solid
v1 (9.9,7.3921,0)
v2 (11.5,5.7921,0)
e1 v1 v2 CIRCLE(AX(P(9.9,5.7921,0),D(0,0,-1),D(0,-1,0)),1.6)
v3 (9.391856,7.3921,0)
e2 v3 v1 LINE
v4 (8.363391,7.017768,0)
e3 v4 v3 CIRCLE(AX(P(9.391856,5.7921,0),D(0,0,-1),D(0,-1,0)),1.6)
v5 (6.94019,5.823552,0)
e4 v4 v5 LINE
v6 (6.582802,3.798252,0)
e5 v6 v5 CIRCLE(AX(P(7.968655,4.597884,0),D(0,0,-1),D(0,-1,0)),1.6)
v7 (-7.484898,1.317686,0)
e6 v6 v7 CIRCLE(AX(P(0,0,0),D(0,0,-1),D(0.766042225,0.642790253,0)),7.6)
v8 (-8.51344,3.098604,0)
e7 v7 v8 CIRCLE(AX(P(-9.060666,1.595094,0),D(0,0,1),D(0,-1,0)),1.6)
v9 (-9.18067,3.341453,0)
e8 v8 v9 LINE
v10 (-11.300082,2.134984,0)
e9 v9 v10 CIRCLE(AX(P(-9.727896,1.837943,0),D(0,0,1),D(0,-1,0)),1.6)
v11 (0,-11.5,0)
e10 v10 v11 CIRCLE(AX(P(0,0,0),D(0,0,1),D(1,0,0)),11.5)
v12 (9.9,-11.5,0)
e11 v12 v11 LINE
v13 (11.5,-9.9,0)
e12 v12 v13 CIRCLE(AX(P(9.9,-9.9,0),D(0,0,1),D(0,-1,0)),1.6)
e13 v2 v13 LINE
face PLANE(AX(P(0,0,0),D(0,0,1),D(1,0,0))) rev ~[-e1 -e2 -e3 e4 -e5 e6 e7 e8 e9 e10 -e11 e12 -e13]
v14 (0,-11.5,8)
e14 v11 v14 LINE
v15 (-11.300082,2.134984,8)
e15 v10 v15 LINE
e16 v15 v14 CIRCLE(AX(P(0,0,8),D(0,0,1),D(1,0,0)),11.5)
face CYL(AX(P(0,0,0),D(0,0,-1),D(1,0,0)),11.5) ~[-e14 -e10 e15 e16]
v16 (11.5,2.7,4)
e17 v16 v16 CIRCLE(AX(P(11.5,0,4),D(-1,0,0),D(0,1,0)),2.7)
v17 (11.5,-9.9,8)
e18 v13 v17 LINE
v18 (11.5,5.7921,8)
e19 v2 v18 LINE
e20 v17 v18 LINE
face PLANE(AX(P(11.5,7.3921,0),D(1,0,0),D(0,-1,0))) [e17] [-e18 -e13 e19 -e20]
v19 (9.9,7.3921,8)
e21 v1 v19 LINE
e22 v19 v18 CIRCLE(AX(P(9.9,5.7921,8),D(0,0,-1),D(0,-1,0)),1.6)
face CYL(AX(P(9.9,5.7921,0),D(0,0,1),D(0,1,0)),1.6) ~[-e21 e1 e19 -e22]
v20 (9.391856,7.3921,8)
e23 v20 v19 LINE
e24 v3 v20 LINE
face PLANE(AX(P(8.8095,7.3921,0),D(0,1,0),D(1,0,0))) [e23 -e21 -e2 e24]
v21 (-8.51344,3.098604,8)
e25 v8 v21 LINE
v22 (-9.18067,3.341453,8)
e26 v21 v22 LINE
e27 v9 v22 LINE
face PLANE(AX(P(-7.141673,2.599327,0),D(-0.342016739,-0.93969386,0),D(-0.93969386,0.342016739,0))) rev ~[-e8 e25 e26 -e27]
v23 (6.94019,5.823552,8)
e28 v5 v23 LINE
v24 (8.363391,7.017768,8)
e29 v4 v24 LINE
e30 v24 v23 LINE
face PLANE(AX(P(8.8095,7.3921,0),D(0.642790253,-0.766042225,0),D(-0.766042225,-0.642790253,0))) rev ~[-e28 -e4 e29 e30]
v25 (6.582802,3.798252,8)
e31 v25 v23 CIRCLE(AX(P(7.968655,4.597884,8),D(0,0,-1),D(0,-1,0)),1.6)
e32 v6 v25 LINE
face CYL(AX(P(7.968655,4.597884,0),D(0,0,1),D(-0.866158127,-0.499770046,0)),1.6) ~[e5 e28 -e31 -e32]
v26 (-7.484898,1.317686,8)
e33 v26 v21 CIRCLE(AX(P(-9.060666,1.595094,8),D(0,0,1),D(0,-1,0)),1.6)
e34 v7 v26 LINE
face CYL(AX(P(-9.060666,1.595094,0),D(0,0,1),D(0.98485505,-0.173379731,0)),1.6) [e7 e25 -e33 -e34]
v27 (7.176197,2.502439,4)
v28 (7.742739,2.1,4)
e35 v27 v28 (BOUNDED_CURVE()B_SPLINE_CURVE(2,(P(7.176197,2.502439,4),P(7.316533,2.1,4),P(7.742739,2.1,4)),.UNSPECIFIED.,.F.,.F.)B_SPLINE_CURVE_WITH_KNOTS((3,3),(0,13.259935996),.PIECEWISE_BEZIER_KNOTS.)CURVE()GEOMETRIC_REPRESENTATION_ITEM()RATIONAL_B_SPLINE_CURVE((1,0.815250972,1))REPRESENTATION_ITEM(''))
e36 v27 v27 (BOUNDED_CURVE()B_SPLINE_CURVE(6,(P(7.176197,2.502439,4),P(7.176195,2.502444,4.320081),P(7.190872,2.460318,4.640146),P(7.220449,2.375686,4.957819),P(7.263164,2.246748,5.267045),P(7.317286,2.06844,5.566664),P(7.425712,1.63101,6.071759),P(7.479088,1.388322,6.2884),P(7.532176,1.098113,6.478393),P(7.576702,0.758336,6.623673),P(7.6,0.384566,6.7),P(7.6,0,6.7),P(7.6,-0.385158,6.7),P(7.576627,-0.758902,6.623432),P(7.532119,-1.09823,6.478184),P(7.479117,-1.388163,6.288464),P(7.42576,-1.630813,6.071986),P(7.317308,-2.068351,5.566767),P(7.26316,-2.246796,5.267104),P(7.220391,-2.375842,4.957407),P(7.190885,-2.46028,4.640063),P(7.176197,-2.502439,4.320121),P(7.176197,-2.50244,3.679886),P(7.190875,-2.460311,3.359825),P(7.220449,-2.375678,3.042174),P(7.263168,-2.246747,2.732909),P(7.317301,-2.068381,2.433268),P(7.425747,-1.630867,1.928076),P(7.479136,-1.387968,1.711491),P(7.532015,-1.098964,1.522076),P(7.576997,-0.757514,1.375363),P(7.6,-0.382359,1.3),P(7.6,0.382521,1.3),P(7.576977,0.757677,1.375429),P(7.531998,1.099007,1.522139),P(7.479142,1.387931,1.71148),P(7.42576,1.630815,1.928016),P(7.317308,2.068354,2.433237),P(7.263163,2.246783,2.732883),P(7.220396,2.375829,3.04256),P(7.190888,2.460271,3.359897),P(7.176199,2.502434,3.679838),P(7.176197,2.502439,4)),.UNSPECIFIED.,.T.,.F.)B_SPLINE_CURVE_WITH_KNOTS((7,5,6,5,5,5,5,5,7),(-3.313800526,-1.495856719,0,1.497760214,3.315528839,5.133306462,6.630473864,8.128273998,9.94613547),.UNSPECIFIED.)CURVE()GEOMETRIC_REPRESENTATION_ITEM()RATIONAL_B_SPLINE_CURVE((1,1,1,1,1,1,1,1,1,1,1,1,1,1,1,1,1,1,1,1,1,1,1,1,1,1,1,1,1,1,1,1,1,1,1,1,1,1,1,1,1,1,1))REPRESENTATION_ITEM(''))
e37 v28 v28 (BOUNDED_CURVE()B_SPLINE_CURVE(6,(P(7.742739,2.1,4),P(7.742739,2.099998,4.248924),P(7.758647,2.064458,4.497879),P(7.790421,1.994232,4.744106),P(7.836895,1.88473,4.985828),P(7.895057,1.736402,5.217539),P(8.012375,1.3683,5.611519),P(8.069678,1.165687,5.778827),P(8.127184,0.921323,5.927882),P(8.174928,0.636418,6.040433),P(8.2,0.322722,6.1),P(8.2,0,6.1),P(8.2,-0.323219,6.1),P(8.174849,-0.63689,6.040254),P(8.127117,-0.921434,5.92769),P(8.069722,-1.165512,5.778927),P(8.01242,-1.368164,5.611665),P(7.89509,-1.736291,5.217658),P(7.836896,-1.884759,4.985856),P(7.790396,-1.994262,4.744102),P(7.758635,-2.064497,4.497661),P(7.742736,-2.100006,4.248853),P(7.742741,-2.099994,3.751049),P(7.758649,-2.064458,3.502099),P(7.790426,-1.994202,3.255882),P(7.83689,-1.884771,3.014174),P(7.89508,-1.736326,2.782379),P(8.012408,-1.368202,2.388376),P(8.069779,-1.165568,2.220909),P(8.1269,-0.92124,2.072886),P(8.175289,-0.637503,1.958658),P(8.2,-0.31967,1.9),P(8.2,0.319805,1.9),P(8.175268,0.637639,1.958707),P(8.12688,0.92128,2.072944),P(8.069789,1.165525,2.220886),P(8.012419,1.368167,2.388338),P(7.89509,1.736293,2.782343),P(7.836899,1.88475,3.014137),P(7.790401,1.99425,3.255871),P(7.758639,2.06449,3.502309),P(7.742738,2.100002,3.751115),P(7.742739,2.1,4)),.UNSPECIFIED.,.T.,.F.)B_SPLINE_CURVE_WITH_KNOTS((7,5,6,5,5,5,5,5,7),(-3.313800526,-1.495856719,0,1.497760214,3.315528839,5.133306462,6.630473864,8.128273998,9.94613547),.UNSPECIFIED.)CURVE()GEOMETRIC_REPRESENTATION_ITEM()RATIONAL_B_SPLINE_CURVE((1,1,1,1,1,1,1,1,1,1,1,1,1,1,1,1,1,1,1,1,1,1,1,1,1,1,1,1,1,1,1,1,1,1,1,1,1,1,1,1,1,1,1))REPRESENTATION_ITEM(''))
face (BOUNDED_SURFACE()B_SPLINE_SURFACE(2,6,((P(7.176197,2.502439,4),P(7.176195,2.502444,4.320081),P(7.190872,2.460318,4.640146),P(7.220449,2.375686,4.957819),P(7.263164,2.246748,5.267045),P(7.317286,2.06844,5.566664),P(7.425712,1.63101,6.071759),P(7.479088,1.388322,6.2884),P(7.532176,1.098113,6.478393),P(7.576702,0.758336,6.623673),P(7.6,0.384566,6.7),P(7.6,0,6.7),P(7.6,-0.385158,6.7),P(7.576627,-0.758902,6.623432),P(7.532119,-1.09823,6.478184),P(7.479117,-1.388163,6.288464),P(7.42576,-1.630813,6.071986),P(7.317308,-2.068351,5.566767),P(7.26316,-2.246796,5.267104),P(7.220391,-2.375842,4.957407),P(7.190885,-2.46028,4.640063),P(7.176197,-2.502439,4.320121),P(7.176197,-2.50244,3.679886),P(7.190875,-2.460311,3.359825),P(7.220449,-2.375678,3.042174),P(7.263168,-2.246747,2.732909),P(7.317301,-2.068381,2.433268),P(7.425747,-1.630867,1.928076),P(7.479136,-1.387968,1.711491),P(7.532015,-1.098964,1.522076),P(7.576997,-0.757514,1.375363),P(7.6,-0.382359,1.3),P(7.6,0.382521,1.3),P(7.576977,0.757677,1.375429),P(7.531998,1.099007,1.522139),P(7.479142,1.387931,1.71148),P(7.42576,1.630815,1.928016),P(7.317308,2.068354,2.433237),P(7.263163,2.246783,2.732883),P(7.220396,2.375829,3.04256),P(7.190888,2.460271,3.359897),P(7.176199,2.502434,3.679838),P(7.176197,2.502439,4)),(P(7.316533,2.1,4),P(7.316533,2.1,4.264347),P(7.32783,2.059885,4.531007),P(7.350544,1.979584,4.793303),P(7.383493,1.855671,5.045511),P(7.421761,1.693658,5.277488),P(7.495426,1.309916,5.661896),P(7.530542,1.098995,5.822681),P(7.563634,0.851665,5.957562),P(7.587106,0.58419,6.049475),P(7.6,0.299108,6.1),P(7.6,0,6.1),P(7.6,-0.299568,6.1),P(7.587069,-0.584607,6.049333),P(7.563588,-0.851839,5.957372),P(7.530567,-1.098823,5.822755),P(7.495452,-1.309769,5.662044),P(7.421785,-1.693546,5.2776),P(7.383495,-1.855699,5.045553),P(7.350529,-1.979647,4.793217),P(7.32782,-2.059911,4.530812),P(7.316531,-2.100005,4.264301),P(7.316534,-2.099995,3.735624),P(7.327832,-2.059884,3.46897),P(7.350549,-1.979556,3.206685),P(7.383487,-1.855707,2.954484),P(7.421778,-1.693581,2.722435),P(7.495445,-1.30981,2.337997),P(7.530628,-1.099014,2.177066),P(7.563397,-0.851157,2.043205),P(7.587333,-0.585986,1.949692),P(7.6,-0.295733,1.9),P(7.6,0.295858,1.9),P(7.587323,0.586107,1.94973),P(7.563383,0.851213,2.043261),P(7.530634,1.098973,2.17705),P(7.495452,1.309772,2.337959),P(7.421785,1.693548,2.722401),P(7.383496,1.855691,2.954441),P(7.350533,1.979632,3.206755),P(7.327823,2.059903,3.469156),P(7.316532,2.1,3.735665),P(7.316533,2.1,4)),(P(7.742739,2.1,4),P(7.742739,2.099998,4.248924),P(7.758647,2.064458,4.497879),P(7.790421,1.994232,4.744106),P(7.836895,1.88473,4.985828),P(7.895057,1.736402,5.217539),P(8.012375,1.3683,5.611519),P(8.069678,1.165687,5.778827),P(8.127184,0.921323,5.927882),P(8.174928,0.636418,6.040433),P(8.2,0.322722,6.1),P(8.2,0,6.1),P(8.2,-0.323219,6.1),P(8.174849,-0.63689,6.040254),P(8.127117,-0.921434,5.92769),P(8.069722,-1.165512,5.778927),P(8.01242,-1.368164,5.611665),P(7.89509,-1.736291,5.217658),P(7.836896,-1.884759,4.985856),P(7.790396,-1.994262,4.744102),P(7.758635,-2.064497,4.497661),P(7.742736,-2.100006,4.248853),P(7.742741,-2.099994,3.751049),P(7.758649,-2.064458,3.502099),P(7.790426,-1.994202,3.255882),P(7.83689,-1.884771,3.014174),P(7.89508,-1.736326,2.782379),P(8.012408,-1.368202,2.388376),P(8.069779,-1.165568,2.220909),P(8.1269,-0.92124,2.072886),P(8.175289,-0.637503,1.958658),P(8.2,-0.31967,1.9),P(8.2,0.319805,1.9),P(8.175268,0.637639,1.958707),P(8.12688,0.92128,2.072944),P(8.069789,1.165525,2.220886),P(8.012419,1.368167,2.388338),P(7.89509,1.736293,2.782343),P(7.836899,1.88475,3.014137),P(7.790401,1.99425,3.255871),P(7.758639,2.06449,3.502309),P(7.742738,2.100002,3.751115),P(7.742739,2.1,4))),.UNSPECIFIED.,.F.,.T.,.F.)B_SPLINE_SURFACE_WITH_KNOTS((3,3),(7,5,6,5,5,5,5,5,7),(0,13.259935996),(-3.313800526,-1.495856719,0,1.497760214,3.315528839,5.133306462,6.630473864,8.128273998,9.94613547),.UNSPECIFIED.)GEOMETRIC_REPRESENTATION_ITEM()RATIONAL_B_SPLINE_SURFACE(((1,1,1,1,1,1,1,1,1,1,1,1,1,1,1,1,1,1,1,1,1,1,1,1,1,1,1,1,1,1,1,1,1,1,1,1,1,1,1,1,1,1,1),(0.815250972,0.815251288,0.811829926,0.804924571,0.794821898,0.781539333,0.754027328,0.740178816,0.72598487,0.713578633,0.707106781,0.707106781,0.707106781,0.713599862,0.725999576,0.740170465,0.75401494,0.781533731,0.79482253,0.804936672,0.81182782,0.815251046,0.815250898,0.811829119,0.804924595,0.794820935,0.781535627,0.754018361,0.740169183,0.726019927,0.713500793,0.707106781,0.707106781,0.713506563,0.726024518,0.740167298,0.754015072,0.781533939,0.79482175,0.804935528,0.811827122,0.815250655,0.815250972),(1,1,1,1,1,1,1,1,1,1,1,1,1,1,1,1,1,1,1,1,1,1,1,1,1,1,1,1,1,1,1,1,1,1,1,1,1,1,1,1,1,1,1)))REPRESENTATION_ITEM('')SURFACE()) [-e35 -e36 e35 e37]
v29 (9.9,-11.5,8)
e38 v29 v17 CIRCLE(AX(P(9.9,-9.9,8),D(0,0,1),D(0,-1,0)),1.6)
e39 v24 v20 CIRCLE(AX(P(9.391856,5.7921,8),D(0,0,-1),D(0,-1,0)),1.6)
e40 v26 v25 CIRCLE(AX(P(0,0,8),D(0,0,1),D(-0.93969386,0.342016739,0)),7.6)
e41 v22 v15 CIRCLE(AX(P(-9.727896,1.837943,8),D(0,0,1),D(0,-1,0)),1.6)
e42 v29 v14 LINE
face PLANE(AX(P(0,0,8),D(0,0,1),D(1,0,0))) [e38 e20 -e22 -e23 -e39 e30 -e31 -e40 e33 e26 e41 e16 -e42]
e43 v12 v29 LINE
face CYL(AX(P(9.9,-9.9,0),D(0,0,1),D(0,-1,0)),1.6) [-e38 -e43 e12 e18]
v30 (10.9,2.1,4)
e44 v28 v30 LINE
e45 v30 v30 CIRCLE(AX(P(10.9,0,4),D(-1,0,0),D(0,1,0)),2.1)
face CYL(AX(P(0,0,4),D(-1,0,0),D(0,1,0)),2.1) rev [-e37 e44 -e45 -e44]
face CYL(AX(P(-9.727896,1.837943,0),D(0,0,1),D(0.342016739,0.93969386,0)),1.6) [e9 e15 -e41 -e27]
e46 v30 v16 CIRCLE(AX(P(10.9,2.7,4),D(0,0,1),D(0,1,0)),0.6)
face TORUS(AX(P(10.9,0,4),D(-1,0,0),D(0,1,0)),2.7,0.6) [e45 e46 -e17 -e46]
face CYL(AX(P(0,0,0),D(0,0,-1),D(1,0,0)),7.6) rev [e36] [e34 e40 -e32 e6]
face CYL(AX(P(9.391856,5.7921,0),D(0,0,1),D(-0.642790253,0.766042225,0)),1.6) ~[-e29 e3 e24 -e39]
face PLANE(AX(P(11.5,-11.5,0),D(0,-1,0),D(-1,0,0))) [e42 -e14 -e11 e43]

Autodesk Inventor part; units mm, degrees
ref_plane "YZ Plane" through (0, 0, 0) normal (1, 0, 0) x (0, 1, 0)
ref_plane "XZ Plane" through (0, 0, 0) normal (0, 1, 0) x (-1, 0, 0)
ref_plane "XY Plane" through (0, 0, 0) normal (0, 0, 1) x (1, 0, 0)
sketch "Эскиз1" plane through (0, 0, 0) normal (0, 0, 1) x (1, 0, 0)
  circle A0 centre (0, 0) radius 7.6
  circle A1 centre (0, 0) radius 11.5
  line L0 (8.8095, 7.3921) -> (0, 0)
  line L1 (-16.1, 0) -> (16.1, 0) construction
  line L2 (0, 0) -> (-10.8065, 3.9332)
  line L3 (8.8095, 7.3921) -> (11.5, 7.3921)
  line L4 (11.5, 7.3921) -> (11.5, -11.5)
  line L5 (11.5, -11.5) -> (0, -11.5)
  point P0 (5.8219, 4.8852)
  point P1 (-5.8219, -4.8852)
  point P2 (-7.1417, 2.5994)
  point P3 (11.5, 0)
  dimension "d0" = 15.2
  dimension "d2" = 23
  dimension "d8" = 40
  dimension "d11" = 20
extrude "Выдавливание1" add sketch "Эскиз1" along normal blind 8 contours A0 L0 A1 L2 | L3 L4 A1 | L4 L5 A1 picked at (-9.7933, 2.5948)
sketch "Эскиз2" plane through (0, 0, 0) normal (1, 0, 0) x (0, 1, 0)
  circle A0 centre (0, 4) radius 2.1
  line L0 (3.9332, 8) -> (-11.5, 8) projected
  line L1 (3.9332, 0) -> (-11.5, 0) projected
  line L2 (0, 8) -> (0, 0) construction
  dimension "d5" = 4.2
extrude "Выдавливание2" cut sketch "Эскиз2" along normal blind 15
fillet "Сопряжение1" radius 1.6 6 edges at (8.8095, 7.3921, 4) (5.8219, 4.8852, 4) (-7.1417, 2.5994, 4) (-10.8065, 3.9332, 4) (11.5, 7.3921, 4) (11.5, -11.5, 4)
fillet "Сопряжение1" radius 0.6 2 edges at (7.3041, -2.1, 4.0117) (11.5, -2.1, 4)
properties part number "Кольцо линейного подшипника"
